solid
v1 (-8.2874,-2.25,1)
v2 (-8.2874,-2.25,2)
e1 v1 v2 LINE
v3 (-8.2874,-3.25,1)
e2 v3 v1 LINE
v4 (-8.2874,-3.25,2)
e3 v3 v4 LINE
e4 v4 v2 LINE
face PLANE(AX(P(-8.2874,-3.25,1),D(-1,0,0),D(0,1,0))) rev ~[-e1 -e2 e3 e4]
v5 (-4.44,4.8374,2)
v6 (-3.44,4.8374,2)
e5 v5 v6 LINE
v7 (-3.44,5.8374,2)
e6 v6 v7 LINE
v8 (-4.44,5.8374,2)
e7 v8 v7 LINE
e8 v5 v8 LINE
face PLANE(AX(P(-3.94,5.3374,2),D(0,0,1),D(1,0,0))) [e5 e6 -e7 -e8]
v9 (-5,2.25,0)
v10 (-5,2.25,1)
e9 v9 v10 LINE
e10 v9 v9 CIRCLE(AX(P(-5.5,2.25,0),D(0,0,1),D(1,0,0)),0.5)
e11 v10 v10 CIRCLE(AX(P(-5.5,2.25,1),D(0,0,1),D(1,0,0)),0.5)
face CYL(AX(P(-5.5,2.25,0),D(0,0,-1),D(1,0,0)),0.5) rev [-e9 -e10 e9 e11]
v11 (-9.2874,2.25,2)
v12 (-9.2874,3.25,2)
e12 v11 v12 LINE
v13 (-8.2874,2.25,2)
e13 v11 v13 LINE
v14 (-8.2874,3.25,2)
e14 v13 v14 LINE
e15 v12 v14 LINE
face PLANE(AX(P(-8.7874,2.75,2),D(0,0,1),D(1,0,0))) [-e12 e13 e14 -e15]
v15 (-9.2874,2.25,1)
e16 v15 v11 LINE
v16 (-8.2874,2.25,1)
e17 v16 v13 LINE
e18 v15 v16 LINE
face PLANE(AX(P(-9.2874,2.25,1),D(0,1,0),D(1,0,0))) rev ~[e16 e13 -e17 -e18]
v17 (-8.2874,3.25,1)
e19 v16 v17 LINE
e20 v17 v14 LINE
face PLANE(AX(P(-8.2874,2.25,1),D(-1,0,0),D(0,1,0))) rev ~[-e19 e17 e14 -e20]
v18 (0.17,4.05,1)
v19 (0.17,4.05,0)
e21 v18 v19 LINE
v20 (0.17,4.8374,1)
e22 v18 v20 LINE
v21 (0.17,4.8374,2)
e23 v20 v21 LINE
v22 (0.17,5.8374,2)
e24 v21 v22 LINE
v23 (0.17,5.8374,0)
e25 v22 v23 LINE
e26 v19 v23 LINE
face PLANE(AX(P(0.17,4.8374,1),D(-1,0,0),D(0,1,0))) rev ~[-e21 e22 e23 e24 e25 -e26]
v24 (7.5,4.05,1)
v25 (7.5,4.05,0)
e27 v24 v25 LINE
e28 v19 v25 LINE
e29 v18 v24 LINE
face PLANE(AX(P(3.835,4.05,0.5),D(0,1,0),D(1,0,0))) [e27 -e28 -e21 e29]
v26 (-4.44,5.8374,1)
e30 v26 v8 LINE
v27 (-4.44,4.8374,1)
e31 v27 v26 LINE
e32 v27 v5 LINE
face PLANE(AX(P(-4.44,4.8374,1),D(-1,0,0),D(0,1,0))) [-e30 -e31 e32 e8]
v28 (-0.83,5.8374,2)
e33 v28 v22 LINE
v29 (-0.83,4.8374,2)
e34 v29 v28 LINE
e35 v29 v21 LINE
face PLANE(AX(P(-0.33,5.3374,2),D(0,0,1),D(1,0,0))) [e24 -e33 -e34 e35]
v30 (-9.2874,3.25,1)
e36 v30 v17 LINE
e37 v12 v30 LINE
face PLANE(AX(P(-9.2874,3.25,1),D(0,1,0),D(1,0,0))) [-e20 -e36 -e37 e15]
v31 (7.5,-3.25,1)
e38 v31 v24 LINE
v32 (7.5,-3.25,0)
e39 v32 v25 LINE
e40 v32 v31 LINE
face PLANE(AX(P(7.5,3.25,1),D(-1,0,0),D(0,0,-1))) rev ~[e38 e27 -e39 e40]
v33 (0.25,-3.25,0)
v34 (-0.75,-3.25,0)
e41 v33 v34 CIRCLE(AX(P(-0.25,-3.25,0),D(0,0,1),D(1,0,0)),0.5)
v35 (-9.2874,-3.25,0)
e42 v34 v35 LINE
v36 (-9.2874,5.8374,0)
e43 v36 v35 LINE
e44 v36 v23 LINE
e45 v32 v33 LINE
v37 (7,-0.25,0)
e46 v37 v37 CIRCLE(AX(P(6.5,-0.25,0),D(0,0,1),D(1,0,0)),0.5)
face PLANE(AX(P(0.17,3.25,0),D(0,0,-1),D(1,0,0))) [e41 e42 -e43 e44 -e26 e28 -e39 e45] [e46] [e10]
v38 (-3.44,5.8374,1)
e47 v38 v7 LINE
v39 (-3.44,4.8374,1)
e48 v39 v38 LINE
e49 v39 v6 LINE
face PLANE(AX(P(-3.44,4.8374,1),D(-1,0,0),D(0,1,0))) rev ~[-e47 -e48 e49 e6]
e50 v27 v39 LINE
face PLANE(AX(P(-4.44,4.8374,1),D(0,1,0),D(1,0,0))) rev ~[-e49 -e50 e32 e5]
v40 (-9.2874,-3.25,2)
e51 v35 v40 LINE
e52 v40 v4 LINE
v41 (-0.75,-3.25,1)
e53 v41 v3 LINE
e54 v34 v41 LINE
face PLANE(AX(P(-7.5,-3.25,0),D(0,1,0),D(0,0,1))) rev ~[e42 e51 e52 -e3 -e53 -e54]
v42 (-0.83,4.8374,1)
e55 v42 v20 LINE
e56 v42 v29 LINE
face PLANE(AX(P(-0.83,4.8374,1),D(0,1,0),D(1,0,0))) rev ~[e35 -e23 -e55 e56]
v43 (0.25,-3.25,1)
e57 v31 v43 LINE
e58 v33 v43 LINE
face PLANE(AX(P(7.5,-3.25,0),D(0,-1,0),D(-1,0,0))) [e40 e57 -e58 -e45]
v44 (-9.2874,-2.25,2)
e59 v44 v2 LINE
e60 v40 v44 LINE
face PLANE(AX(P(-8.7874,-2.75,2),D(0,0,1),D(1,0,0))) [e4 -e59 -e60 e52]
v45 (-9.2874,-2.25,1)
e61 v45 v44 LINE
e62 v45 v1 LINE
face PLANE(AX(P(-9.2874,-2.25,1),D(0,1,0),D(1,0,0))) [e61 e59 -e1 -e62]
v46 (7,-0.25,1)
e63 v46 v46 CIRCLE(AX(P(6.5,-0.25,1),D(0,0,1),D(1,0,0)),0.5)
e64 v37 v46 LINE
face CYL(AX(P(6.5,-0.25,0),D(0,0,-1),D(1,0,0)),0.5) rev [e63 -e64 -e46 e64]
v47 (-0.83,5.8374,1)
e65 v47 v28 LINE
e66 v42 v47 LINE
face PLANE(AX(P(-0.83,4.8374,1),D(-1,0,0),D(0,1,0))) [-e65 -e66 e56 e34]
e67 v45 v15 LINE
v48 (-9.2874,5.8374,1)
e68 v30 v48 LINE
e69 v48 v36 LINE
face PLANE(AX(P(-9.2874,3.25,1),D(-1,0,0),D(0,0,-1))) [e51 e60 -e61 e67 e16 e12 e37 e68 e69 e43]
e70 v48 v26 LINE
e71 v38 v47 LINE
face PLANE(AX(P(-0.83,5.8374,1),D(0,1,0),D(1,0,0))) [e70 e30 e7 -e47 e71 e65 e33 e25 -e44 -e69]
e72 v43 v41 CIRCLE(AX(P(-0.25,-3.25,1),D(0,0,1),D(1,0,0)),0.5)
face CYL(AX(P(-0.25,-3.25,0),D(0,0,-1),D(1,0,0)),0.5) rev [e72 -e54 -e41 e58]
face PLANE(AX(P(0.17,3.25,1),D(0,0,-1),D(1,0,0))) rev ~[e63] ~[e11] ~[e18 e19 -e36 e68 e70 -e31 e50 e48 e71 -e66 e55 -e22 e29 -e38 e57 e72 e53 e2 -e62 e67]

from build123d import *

# Parameters (mm, degrees)
SKETCH1_R             = 0.5
FRONT_FACE_EXT_DEPTH  = 1
SKETCH2_W             = 1
SKETCH2_H             = 6.5
LENGTH_EXTRUDE1_DEPTH = 1.7874
SKETCH3_W             = 1
SKETCH3_H             = 1
BOSS_EXTRUDE2_DEPTH   = 1
SKETCH4_W             = 9.4574
SKETCH4_H             = 1
HEIGHT_EXTRUDE3_DEPTH = 2.5874
SKETCH5_W             = 1
SKETCH5_H             = 1
BOSS_EXTRUDE4_DEPTH   = 1
SKETCH6_W             = 7.33
SKETCH6_H             = 1
BOSS_EXTRUDE5_DEPTH   = 0.8


with BuildPart() as part:
    # Sketch1 → Front Face Ext (new body)
    with BuildSketch(Plane.XY):
        with BuildLine():
            Line((-0.75, -3.25), (-7.5, -3.25))
            Line((-7.5, -3.25), (-7.5, 3.25))
            Line((-7.5, 3.25), (7.5, 3.25))
            Line((7.5, 3.25), (7.5, -3.25))
            Line((7.5, -3.25), (0.25, -3.25))
            ThreePointArc((0.25, -3.25), (-0.25, -2.75), (-0.75, -3.25))
        make_face()
        with Locations((-5.5, 2.25)):
            Circle(SKETCH1_R, mode=Mode.SUBTRACT)
        with Locations((6.5, -0.25)):
            Circle(SKETCH1_R, mode=Mode.SUBTRACT)
    extrude(amount=FRONT_FACE_EXT_DEPTH)

    # Sketch2 → Length-Extrude1 (add)
    with BuildSketch(Plane.ZY.offset(7.5)):
        with Locations((0.5, 0)):
            Rectangle(SKETCH2_W, SKETCH2_H)
    extrude(amount=LENGTH_EXTRUDE1_DEPTH)

    # Sketch3 → Boss-Extrude2 (add)
    with BuildSketch(Plane.XY.offset(1)):
        with Locations((-8.7874, 2.75)):
            Rectangle(SKETCH3_W, SKETCH3_H)
        with Locations((-8.7874, -2.75)):
            Rectangle(SKETCH3_W, SKETCH3_H)
    extrude(amount=BOSS_EXTRUDE2_DEPTH)

    # Sketch4 → Height-Extrude3 (add)
    with BuildSketch(Plane(origin=(0, 3.25, 0), x_dir=(1, 0, 0), z_dir=(0, 1, 0))):
        with Locations((-4.5587, -0.5)):
            Rectangle(SKETCH4_W, SKETCH4_H)
    extrude(amount=HEIGHT_EXTRUDE3_DEPTH)

    # Sketch5 → Boss-Extrude4 (add)
    with BuildSketch(Plane.XY.offset(1)):
        with Locations((-0.33, 5.3374)):
            Rectangle(SKETCH5_W, SKETCH5_H)
        with Locations((-3.94, 5.3374)):
            Rectangle(SKETCH5_W, SKETCH5_H)
    extrude(amount=BOSS_EXTRUDE4_DEPTH)

    # Sketch6 → Boss-Extrude5 (add)
    with BuildSketch(Plane(origin=(0, 3.25, 0), x_dir=(1, 0, 0), z_dir=(0, 1, 0))):
        with Locations((3.835, -0.5)):
            Rectangle(SKETCH6_W, SKETCH6_H)
    extrude(amount=BOSS_EXTRUDE5_DEPTH)


solid = part.part
